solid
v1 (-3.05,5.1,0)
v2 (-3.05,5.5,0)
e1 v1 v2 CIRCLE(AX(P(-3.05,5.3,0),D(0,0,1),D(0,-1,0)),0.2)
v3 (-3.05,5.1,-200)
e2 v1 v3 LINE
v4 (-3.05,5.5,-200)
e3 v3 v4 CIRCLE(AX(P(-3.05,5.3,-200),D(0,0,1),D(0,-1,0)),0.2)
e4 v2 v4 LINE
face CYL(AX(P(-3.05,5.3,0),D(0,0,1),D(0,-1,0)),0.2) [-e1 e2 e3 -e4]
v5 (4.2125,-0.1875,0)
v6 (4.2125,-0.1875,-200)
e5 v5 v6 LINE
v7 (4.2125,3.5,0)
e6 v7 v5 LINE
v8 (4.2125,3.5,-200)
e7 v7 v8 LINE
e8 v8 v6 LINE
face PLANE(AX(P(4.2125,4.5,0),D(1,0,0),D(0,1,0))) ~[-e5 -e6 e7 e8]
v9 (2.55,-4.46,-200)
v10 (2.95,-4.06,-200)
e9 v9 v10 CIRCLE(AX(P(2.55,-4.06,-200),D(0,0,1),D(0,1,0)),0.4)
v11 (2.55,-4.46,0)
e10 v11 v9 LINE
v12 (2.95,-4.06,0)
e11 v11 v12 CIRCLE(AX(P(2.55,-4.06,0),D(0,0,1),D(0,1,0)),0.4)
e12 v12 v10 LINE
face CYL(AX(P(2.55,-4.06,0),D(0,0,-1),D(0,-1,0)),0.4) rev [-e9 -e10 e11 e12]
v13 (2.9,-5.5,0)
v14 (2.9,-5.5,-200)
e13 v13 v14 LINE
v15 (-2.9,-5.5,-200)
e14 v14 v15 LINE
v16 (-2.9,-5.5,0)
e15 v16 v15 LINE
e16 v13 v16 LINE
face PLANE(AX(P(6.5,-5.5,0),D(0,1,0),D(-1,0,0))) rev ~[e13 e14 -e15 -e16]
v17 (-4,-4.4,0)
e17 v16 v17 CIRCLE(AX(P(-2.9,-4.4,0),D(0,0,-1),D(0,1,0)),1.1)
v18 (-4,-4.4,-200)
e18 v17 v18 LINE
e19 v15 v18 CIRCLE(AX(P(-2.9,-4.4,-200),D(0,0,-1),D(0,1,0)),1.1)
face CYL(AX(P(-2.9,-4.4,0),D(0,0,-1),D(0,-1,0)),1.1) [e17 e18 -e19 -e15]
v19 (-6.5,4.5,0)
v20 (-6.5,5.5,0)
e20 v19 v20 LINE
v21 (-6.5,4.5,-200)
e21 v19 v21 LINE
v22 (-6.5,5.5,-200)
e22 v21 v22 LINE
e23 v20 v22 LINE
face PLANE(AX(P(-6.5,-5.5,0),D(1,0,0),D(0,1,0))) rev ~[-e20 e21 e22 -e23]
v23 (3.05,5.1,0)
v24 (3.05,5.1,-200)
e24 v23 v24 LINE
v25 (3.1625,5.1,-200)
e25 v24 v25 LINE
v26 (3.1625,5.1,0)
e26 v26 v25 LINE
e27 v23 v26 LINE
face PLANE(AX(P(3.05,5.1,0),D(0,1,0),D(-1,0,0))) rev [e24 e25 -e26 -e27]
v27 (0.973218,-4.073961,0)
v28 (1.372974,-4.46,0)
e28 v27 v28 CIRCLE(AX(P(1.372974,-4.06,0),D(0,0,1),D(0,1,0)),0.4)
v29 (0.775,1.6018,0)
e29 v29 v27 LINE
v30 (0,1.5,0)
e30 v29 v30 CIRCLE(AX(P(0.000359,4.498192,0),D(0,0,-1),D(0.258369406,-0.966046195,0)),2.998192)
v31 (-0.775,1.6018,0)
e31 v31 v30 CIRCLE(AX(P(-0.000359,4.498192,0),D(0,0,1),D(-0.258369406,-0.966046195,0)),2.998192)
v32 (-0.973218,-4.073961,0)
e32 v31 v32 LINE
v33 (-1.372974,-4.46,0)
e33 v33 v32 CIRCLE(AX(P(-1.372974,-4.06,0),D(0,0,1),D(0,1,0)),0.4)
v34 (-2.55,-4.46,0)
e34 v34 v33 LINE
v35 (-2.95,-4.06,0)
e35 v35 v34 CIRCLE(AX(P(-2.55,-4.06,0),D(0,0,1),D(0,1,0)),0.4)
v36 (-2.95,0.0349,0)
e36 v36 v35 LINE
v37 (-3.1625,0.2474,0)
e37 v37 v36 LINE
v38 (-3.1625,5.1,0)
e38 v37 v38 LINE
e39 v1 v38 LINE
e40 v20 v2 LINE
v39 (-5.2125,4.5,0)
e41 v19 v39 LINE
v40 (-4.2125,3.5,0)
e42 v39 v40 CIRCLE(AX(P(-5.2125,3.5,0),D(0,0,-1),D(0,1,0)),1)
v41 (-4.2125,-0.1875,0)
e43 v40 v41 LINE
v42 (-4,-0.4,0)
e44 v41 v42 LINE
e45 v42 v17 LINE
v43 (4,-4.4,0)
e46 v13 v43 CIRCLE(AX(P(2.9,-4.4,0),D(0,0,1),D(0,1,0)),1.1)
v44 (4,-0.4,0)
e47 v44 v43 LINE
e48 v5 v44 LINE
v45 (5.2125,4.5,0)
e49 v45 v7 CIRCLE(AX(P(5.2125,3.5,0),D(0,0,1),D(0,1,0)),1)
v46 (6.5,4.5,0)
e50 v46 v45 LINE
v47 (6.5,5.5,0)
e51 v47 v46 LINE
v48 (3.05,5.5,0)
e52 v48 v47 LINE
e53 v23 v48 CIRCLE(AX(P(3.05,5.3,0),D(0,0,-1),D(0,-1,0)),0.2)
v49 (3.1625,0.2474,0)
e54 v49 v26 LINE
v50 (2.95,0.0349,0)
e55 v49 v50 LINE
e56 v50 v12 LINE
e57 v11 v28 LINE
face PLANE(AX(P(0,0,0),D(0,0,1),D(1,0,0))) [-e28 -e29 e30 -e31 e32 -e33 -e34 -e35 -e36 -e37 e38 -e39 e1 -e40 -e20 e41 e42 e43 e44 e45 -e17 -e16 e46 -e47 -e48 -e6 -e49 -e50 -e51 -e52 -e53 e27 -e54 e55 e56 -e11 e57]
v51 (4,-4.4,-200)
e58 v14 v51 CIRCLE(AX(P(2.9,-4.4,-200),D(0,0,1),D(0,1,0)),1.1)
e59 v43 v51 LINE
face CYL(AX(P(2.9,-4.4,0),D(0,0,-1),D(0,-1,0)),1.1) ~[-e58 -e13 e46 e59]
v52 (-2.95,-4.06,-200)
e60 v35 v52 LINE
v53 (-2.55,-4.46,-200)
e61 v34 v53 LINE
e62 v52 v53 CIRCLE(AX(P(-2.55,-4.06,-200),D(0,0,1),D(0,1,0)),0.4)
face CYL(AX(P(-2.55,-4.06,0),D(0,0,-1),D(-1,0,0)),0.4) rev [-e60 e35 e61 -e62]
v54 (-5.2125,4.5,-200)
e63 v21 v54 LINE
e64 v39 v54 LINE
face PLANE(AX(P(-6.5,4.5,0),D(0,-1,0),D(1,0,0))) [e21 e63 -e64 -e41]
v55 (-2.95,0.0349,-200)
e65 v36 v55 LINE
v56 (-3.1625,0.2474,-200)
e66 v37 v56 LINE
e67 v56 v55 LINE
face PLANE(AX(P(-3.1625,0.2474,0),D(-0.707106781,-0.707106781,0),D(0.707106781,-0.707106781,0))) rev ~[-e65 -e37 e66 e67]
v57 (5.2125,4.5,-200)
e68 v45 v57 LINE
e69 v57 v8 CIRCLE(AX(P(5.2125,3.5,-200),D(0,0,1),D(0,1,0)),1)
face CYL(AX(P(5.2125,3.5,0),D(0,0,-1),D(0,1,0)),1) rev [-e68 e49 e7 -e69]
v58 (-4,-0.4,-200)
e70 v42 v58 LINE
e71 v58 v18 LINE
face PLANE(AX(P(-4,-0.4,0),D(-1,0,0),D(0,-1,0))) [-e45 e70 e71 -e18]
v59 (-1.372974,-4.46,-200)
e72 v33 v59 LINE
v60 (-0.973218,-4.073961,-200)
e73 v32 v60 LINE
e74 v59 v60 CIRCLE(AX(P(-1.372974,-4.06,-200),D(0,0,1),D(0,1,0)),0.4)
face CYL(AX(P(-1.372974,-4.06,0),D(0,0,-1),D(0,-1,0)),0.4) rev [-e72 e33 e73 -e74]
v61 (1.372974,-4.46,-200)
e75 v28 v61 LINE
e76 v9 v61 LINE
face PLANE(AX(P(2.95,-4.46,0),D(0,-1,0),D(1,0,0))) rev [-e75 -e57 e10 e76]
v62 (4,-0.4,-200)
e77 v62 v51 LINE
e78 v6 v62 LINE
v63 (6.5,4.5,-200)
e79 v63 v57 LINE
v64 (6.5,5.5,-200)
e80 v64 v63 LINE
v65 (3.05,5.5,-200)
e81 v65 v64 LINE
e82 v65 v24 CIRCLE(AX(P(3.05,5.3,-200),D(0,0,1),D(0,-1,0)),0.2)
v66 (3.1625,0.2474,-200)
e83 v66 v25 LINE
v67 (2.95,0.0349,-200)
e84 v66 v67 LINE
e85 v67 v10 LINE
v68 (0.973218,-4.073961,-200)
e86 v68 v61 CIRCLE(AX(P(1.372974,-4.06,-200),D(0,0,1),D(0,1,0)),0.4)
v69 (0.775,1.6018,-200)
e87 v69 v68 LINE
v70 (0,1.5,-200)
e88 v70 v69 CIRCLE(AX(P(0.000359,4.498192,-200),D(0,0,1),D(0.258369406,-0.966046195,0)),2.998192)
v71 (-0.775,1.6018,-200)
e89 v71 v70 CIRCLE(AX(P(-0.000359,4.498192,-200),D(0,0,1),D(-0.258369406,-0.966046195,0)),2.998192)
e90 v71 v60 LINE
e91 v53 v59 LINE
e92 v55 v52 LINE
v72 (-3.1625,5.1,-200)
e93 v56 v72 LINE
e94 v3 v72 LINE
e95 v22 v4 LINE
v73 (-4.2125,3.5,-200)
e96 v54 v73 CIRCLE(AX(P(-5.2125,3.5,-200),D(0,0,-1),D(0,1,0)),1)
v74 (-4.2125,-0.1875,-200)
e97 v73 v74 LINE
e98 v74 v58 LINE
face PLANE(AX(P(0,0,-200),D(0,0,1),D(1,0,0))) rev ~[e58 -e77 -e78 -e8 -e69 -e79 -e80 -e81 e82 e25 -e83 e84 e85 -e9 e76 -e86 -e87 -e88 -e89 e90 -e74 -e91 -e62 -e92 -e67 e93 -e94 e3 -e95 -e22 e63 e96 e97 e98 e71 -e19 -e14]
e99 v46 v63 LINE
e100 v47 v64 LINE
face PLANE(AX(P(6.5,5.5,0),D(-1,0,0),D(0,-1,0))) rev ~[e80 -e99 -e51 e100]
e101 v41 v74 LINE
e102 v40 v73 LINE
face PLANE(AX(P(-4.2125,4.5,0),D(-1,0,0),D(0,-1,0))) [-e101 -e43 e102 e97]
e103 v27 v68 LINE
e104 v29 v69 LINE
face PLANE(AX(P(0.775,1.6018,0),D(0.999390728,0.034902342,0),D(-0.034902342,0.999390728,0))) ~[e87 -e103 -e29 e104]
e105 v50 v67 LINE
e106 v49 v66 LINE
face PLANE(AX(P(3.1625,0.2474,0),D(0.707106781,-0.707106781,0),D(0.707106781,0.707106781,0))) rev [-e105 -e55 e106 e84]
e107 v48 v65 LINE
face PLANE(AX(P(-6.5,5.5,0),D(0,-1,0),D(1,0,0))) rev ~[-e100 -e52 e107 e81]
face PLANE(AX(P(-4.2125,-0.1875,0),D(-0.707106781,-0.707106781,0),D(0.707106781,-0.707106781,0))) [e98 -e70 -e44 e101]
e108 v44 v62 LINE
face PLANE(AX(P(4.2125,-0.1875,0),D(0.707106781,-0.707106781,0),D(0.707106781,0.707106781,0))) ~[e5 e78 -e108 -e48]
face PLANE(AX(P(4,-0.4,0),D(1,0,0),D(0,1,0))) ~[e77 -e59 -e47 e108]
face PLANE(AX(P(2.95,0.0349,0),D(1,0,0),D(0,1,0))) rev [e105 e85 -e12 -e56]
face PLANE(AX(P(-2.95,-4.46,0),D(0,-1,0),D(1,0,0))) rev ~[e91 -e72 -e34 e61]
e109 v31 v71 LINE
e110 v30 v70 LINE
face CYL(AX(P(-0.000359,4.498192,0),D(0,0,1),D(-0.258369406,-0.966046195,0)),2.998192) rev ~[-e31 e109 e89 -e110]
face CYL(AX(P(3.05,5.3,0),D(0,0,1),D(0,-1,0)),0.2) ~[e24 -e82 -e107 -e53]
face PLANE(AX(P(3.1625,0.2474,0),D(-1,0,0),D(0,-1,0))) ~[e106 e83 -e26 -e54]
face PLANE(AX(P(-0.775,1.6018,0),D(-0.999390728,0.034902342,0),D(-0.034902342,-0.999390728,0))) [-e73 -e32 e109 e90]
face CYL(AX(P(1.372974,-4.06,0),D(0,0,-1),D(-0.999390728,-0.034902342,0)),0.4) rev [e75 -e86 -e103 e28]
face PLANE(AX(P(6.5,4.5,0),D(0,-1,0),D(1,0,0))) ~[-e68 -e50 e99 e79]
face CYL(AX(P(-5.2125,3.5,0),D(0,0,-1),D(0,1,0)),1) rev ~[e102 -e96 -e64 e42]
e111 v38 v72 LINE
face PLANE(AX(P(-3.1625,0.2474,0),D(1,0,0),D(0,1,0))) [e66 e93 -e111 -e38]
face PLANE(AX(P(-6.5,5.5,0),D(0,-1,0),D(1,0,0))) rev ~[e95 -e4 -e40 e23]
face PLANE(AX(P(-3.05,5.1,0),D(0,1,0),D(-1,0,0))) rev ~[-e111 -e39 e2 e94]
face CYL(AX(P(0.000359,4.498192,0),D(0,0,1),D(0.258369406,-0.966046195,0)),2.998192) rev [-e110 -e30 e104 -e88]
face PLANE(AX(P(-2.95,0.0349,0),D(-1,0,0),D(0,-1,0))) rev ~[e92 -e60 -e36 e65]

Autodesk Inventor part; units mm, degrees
ref_plane "YZ Plane" through (0, 0, 0) normal (1, 0, 0) x (0, 1, 0)
ref_plane "XY Plane" through (0, 0, 0) normal (0, 0, 1) x (1, 0, 0)
sketch "Sketch1" plane through (0, 0, 0) normal (0, 0, 1) x (1, 0, 0)
  line L0 (-6.5, 5.5) -> (6.5, 5.5)
  line L1 (6.5, 5.5) -> (6.5, -5.5)
  line L2 (6.5, -5.5) -> (-6.5, -5.5)
  line L3 (-6.5, -5.5) -> (-6.5, 5.5)
  point P0 (0, 0)
  dimension "d0" = 13
  dimension "d1" = 11
  dimension "d2" = 6.5
  dimension "d3" = 5.5
extrude "Extrusion1" add sketch "Sketch1" against normal blind 200
sketch "Sketch2" plane through (0, 0, 0) normal (0, 0, 1) x (1, 0, 0)
  line L0 (-6.5, 5.5) -> (6.5, 5.5) projected
  line L1 (-6.5, -5.5) -> (-6.5, 5.5) projected
  line L2 (6.5, -5.5) -> (-6.5, -5.5) projected
  line L3 (6.5, 5.5) -> (6.5, -5.5) projected
  line L4 (-6.5, 4.5) -> (-4.2125, 4.5)
  line L5 (-4.2125, 4.5) -> (-4.2125, -0.1875)
  line L6 (-4.2125, -0.1875) -> (-4, -0.4)
  line L7 (-4, -0.4) -> (-4, -5.5)
  line L8 (0, 7.7) -> (0, -7.7) projected
  line L9 (-6.5, 4.5) -> (-6.5, -5.5)
  line L10 (-6.5, -5.5) -> (-4, -5.5)
  dimension "d6" = 1
  dimension "d7" = 8.425
  dimension "d8" = 8
  dimension "d9" = 135
  dimension "d10" = 5.1
extrude "Extrusion2" cut sketch "Sketch2" against normal through all contours L4 L5 L6 L7 L2 L1
fillet "Fillet1" radius 1 1 edges at (-4.2125, 4.5, -100)
fillet "Fillet1" radius 1.1 1 edges at (-4, -5.5, -100)
mirror "Mirror1" about plane through (0, 0, 0) normal (1, 0, 0) of "Extrusion2", "Fillet1"
sketch "Sketch3" plane through (0, 0, 0) normal (0, 0, 1) x (1, 0, 0)
  line L0 (-6.5, 5.5) -> (6.5, 5.5) projected
  line L1 (-4.2125, 3.5) -> (-4.2125, -0.1875) projected
  line L2 (-4.2125, -0.1875) -> (-4, -0.4) projected
  line L3 (-4, -0.4) -> (-4, -4.4) projected
  line L4 (2.9, -5.5) -> (-2.9, -5.5) projected
  arc A0 (-3.05, 5.1) -> (-3.05, 5.5) centre (-3.05, 5.3) ccw
  line L5 (-3.1625, 0.2474) -> (-2.95, 0.0349)
  line L6 (-2.95, 0.0349) -> (-2.95, -4.46)
  line L7 (-2.95, -4.46) -> (-0.9867, -4.46)
  line L8 (0, 7.7) -> (0, -7.7) projected
  line L9 (-3.1625, 0.2474) -> (-3.1625, 5.1)
  line L10 (-3.05, 5.1) -> (-3.1625, 5.1)
  line L11 (-0.775, 1.6018) -> (-0.9867, -4.46)
  line L12 (0, 1.5) -> (0, -5.5)
  arc A1 (-0.775, 1.6018) -> (0, 1.5) centre (0, 4.5) ccw
  line L13 (0, 1.5) -> (0, 5.5)
  line L14 (0, 5.5) -> (-3.05, 5.5)
  dimension "d15" = 0.4
  dimension "d16" = 1
  dimension "d18" = 5.7
  dimension "d19" = 1.05
  dimension "d20" = 1.05
  dimension "d21" = 1.05
  dimension "d22" = 92
  dimension "d23" = 1.04
  dimension "d24" = 1.55
  dimension "d25" = 3
extrude "Extrusion3" cut sketch "Sketch3" against normal through all
mirror "Mirror2" about plane through (0, 0, 0) normal (1, 0, 0) of "Extrusion3"
fillet "Fillet2" radius 0.4 4 edges at (-2.95, -4.46, -100) (-0.9867, -4.46, -100) (0.9867, -4.46, -100) (2.95, -4.46, -100)
ref_plane "Side1" through (-6.5, 4.5, 0) normal (0, -1, 0) x (1, 0, 0)
ref_plane "T-Slot1" through (0, 5.5, 0) normal (1, 0, 0) x (0, 0, -1)
ref_plane "Side3" through (-6.5, 5.5, 0) normal (0, 1, 0) x (-1, 0, 0)
ref_plane "Side2" through (6.5, 5.5, 0) normal (1, 0, 0) x (0, 1, 0)
ref_plane "Piano di lavoro5" through (0, 1.5, 0) normal (0, 1, 0) x (-1, 0, 0)
equation "\"d2\" = 0.5 * d0"
equation "\"d3\" = 0.5 * d1"
equation "\"d4\" = Ex_Length"
equation "\"Ex_Length\" = 200"
properties part number "13-106" material "Alluminio - 6061"
